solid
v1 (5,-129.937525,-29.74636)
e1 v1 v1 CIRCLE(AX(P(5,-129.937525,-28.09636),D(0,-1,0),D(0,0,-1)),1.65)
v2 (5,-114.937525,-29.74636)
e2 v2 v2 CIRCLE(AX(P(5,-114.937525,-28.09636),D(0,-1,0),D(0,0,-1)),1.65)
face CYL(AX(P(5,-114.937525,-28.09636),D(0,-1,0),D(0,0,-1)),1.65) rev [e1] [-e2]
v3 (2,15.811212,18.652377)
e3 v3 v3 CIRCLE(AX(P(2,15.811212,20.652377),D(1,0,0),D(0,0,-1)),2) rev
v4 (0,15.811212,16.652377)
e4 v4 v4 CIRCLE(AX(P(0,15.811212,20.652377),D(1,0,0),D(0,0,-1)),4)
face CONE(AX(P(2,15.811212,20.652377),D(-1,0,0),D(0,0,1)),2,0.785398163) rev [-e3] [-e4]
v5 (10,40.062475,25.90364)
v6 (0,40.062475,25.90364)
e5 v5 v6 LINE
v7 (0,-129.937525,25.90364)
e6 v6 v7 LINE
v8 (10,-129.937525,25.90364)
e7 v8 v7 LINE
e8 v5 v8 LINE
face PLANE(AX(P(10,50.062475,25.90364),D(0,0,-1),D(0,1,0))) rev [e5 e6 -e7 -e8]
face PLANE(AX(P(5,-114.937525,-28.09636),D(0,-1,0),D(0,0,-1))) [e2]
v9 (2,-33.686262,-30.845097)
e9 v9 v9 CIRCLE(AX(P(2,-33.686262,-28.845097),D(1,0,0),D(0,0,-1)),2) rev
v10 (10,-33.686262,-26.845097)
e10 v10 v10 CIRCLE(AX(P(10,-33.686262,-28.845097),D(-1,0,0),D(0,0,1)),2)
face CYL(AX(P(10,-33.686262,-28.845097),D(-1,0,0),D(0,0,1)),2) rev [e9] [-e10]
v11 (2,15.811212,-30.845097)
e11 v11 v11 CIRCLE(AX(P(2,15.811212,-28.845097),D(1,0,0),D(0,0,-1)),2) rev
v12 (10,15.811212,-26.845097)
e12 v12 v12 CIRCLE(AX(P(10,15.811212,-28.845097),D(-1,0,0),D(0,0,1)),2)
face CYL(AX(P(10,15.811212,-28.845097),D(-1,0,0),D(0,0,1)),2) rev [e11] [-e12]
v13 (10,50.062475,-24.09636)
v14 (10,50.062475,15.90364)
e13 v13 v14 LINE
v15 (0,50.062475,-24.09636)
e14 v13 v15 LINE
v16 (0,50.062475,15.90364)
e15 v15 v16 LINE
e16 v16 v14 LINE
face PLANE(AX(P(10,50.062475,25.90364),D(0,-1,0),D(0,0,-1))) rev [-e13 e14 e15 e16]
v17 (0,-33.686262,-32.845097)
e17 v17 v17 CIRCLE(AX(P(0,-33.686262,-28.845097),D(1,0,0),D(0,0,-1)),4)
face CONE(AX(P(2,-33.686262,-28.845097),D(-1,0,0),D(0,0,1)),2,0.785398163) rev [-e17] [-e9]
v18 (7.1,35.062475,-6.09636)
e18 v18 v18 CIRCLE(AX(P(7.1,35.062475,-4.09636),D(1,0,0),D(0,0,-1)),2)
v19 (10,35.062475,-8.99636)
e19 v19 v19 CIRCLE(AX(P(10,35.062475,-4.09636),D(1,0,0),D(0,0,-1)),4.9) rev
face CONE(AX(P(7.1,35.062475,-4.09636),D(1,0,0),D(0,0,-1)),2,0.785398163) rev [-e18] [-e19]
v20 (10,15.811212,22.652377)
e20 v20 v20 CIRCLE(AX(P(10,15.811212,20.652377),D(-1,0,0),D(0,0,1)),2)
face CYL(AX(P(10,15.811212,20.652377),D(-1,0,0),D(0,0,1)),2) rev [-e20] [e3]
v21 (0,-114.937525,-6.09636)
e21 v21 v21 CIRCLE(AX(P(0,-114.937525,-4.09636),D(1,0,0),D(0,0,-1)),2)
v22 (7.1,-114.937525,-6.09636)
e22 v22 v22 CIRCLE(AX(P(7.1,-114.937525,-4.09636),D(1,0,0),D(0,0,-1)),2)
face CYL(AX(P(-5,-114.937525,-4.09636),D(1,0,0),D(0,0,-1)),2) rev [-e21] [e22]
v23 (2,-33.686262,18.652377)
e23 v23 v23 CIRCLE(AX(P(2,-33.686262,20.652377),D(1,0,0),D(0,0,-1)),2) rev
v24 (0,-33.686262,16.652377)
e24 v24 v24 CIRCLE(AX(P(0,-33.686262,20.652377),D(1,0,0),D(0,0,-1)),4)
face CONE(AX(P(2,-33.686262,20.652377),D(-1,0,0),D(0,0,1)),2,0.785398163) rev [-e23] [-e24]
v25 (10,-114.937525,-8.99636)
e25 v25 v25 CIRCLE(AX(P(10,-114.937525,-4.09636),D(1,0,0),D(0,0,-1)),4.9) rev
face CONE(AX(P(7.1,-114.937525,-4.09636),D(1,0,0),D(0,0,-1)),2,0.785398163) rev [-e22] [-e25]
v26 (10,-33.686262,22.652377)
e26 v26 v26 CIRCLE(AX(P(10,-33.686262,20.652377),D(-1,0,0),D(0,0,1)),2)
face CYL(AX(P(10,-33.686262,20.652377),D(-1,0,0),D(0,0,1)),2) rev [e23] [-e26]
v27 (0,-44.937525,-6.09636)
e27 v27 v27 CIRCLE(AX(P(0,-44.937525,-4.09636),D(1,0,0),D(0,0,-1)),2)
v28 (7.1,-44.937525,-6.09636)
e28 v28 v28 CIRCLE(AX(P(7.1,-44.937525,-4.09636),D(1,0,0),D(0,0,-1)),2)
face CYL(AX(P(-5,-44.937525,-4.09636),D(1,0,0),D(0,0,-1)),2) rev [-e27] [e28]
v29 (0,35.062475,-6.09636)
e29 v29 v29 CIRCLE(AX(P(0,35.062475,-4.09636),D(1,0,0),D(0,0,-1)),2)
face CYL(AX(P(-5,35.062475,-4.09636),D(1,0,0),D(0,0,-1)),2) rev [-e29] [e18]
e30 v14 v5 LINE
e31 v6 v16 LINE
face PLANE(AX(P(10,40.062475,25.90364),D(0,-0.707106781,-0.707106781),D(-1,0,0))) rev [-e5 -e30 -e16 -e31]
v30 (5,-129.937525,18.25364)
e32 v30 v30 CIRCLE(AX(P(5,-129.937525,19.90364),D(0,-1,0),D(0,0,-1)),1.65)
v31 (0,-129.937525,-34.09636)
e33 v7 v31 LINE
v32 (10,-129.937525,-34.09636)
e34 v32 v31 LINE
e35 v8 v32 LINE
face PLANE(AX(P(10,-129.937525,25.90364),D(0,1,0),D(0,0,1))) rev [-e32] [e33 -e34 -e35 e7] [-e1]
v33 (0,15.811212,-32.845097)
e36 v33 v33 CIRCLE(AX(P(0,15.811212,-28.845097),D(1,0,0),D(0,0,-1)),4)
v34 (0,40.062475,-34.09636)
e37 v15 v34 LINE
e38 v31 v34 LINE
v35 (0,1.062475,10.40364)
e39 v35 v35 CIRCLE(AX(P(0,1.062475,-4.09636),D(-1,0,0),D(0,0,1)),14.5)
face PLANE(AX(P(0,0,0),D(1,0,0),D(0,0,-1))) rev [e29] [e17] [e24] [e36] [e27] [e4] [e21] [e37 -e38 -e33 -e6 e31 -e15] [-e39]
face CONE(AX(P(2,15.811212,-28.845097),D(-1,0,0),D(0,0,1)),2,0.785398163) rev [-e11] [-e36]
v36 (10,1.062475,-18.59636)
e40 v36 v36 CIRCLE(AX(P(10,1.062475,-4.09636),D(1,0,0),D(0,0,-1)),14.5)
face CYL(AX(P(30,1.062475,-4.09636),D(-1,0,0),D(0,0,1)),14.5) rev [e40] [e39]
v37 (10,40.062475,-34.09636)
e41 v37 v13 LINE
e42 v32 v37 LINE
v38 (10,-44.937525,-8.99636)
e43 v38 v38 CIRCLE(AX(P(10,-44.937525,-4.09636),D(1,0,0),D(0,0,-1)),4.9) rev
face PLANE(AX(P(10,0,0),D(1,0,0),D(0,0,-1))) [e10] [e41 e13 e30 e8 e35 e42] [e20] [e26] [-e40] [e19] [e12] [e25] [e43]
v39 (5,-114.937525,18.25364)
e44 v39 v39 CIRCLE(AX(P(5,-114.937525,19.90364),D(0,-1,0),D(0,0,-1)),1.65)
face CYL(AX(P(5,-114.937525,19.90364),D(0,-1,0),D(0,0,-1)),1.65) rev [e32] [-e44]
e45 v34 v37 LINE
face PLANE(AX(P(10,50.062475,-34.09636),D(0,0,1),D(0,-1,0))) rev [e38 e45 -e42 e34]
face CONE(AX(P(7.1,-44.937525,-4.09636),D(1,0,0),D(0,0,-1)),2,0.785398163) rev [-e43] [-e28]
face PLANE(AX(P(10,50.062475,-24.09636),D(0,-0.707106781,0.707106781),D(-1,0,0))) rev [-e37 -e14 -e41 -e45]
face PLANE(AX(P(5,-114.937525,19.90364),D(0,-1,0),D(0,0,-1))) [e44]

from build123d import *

# Parameters (mm, degrees)
SKETCH_1_W          = 60
SKETCH_1_H          = 180
EXTRUDE_1_DEPTH     = 10
SKETCH_2_R          = 14.5
CUT_EXTRUDE_1_DEPTH = 30
SKETCH_3_R          = 2
CUT_EXTRUDE_2_DEPTH = 10
CHAMFER_2_SIZE      = 2
SKETCH_4_R          = 2
CUT_EXTRUDE_3_DEPTH = 15
CHAMFER_3_SIZE      = 2.9
CHAMFER_4_SIZE      = 10
SKETCH_5_R          = 1.65
CUT_EXTRUDE_4_DEPTH = 15


with BuildPart() as part:
    # Эскиз1 → Бобышка-Вытянуть1 (new body)
    with BuildSketch(Plane(origin=(0, 0, 0), x_dir=(0, 0, -1), z_dir=(1, 0, 0))):
        with Locations((4.096360158, -39.937525072)):
            Rectangle(SKETCH_1_W, SKETCH_1_H)
    extrude(amount=EXTRUDE_1_DEPTH)

    # Эскиз2 → Вырез-Вытянуть1 (cut)
    with BuildSketch(Plane.ZY):
        with Locations((-4.096360158, 1.062474928)):
            Circle(SKETCH_2_R)
    extrude(amount=-CUT_EXTRUDE_1_DEPTH, mode=Mode.SUBTRACT)

    # Эскиз3 → Вырез-Вытянуть2 (cut)
    with BuildSketch(Plane.ZY):
        with Locations((-28.8450975, 15.811212269)):
            Circle(SKETCH_3_R)
        with Locations((-28.8450975, -33.686262414)):
            Circle(SKETCH_3_R)
        with Locations((20.652377183, 15.811212269)):
            Circle(SKETCH_3_R)
        with Locations((20.652377183, -33.686262414)):
            Circle(SKETCH_3_R)
    extrude(amount=-CUT_EXTRUDE_2_DEPTH, mode=Mode.SUBTRACT)

    # Фаска2
    chamfer_2_edges = [part.edges().sort_by_distance(p)[0] for p in [
        (0, 15.811212269, -30.8450975),
        (0, -33.686262414, -30.8450975),
        (0, 15.811212269, 18.652377183),
        (0, -33.686262414, 18.652377183),
    ]]
    chamfer(chamfer_2_edges, length=CHAMFER_2_SIZE)

    # Эскиз4 → Вырез-Вытянуть3 (cut)
    with BuildSketch(Plane(origin=(10, 0, 0), x_dir=(0, 0, -1), z_dir=(1, 0, 0))):
        with Locations((4.096360158, -114.937525072)):
            Circle(SKETCH_4_R)
        with Locations((4.096360158, -44.937525072)):
            Circle(SKETCH_4_R)
        with Locations((4.096360158, 35.062474928)):
            Circle(SKETCH_4_R)
    extrude(amount=-CUT_EXTRUDE_3_DEPTH, mode=Mode.SUBTRACT)

    # Фаска3
    chamfer_3_edges = [part.edges().sort_by_distance(p)[0] for p in [
        (10, -114.937525072, -2.096360158),
        (10, -44.937525072, -2.096360158),
        (10, 35.062474928, -2.096360158),
    ]]
    chamfer(chamfer_3_edges, length=CHAMFER_3_SIZE)

    # Фаска4
    chamfer_4_edges = [part.edges().sort_by_distance(p)[0] for p in [
        (5, 50.062474928, 25.903639842),
        (5, 50.062474928, -34.096360158),
    ]]
    chamfer(chamfer_4_edges, length=CHAMFER_4_SIZE)

    # Эскиз5 → Вырез-Вытянуть4 (cut)
    with BuildSketch(Plane.XZ.offset(129.937525072)):
        with Locations(Location((5, 19.903639842, 0), (0, 0, 270))):
            Circle(SKETCH_5_R)
        with Locations(Location((5, -28.096360158, 0), (0, 0, 270))):
            Circle(SKETCH_5_R)
    extrude(amount=-CUT_EXTRUDE_4_DEPTH, mode=Mode.SUBTRACT)


solid = part.part
